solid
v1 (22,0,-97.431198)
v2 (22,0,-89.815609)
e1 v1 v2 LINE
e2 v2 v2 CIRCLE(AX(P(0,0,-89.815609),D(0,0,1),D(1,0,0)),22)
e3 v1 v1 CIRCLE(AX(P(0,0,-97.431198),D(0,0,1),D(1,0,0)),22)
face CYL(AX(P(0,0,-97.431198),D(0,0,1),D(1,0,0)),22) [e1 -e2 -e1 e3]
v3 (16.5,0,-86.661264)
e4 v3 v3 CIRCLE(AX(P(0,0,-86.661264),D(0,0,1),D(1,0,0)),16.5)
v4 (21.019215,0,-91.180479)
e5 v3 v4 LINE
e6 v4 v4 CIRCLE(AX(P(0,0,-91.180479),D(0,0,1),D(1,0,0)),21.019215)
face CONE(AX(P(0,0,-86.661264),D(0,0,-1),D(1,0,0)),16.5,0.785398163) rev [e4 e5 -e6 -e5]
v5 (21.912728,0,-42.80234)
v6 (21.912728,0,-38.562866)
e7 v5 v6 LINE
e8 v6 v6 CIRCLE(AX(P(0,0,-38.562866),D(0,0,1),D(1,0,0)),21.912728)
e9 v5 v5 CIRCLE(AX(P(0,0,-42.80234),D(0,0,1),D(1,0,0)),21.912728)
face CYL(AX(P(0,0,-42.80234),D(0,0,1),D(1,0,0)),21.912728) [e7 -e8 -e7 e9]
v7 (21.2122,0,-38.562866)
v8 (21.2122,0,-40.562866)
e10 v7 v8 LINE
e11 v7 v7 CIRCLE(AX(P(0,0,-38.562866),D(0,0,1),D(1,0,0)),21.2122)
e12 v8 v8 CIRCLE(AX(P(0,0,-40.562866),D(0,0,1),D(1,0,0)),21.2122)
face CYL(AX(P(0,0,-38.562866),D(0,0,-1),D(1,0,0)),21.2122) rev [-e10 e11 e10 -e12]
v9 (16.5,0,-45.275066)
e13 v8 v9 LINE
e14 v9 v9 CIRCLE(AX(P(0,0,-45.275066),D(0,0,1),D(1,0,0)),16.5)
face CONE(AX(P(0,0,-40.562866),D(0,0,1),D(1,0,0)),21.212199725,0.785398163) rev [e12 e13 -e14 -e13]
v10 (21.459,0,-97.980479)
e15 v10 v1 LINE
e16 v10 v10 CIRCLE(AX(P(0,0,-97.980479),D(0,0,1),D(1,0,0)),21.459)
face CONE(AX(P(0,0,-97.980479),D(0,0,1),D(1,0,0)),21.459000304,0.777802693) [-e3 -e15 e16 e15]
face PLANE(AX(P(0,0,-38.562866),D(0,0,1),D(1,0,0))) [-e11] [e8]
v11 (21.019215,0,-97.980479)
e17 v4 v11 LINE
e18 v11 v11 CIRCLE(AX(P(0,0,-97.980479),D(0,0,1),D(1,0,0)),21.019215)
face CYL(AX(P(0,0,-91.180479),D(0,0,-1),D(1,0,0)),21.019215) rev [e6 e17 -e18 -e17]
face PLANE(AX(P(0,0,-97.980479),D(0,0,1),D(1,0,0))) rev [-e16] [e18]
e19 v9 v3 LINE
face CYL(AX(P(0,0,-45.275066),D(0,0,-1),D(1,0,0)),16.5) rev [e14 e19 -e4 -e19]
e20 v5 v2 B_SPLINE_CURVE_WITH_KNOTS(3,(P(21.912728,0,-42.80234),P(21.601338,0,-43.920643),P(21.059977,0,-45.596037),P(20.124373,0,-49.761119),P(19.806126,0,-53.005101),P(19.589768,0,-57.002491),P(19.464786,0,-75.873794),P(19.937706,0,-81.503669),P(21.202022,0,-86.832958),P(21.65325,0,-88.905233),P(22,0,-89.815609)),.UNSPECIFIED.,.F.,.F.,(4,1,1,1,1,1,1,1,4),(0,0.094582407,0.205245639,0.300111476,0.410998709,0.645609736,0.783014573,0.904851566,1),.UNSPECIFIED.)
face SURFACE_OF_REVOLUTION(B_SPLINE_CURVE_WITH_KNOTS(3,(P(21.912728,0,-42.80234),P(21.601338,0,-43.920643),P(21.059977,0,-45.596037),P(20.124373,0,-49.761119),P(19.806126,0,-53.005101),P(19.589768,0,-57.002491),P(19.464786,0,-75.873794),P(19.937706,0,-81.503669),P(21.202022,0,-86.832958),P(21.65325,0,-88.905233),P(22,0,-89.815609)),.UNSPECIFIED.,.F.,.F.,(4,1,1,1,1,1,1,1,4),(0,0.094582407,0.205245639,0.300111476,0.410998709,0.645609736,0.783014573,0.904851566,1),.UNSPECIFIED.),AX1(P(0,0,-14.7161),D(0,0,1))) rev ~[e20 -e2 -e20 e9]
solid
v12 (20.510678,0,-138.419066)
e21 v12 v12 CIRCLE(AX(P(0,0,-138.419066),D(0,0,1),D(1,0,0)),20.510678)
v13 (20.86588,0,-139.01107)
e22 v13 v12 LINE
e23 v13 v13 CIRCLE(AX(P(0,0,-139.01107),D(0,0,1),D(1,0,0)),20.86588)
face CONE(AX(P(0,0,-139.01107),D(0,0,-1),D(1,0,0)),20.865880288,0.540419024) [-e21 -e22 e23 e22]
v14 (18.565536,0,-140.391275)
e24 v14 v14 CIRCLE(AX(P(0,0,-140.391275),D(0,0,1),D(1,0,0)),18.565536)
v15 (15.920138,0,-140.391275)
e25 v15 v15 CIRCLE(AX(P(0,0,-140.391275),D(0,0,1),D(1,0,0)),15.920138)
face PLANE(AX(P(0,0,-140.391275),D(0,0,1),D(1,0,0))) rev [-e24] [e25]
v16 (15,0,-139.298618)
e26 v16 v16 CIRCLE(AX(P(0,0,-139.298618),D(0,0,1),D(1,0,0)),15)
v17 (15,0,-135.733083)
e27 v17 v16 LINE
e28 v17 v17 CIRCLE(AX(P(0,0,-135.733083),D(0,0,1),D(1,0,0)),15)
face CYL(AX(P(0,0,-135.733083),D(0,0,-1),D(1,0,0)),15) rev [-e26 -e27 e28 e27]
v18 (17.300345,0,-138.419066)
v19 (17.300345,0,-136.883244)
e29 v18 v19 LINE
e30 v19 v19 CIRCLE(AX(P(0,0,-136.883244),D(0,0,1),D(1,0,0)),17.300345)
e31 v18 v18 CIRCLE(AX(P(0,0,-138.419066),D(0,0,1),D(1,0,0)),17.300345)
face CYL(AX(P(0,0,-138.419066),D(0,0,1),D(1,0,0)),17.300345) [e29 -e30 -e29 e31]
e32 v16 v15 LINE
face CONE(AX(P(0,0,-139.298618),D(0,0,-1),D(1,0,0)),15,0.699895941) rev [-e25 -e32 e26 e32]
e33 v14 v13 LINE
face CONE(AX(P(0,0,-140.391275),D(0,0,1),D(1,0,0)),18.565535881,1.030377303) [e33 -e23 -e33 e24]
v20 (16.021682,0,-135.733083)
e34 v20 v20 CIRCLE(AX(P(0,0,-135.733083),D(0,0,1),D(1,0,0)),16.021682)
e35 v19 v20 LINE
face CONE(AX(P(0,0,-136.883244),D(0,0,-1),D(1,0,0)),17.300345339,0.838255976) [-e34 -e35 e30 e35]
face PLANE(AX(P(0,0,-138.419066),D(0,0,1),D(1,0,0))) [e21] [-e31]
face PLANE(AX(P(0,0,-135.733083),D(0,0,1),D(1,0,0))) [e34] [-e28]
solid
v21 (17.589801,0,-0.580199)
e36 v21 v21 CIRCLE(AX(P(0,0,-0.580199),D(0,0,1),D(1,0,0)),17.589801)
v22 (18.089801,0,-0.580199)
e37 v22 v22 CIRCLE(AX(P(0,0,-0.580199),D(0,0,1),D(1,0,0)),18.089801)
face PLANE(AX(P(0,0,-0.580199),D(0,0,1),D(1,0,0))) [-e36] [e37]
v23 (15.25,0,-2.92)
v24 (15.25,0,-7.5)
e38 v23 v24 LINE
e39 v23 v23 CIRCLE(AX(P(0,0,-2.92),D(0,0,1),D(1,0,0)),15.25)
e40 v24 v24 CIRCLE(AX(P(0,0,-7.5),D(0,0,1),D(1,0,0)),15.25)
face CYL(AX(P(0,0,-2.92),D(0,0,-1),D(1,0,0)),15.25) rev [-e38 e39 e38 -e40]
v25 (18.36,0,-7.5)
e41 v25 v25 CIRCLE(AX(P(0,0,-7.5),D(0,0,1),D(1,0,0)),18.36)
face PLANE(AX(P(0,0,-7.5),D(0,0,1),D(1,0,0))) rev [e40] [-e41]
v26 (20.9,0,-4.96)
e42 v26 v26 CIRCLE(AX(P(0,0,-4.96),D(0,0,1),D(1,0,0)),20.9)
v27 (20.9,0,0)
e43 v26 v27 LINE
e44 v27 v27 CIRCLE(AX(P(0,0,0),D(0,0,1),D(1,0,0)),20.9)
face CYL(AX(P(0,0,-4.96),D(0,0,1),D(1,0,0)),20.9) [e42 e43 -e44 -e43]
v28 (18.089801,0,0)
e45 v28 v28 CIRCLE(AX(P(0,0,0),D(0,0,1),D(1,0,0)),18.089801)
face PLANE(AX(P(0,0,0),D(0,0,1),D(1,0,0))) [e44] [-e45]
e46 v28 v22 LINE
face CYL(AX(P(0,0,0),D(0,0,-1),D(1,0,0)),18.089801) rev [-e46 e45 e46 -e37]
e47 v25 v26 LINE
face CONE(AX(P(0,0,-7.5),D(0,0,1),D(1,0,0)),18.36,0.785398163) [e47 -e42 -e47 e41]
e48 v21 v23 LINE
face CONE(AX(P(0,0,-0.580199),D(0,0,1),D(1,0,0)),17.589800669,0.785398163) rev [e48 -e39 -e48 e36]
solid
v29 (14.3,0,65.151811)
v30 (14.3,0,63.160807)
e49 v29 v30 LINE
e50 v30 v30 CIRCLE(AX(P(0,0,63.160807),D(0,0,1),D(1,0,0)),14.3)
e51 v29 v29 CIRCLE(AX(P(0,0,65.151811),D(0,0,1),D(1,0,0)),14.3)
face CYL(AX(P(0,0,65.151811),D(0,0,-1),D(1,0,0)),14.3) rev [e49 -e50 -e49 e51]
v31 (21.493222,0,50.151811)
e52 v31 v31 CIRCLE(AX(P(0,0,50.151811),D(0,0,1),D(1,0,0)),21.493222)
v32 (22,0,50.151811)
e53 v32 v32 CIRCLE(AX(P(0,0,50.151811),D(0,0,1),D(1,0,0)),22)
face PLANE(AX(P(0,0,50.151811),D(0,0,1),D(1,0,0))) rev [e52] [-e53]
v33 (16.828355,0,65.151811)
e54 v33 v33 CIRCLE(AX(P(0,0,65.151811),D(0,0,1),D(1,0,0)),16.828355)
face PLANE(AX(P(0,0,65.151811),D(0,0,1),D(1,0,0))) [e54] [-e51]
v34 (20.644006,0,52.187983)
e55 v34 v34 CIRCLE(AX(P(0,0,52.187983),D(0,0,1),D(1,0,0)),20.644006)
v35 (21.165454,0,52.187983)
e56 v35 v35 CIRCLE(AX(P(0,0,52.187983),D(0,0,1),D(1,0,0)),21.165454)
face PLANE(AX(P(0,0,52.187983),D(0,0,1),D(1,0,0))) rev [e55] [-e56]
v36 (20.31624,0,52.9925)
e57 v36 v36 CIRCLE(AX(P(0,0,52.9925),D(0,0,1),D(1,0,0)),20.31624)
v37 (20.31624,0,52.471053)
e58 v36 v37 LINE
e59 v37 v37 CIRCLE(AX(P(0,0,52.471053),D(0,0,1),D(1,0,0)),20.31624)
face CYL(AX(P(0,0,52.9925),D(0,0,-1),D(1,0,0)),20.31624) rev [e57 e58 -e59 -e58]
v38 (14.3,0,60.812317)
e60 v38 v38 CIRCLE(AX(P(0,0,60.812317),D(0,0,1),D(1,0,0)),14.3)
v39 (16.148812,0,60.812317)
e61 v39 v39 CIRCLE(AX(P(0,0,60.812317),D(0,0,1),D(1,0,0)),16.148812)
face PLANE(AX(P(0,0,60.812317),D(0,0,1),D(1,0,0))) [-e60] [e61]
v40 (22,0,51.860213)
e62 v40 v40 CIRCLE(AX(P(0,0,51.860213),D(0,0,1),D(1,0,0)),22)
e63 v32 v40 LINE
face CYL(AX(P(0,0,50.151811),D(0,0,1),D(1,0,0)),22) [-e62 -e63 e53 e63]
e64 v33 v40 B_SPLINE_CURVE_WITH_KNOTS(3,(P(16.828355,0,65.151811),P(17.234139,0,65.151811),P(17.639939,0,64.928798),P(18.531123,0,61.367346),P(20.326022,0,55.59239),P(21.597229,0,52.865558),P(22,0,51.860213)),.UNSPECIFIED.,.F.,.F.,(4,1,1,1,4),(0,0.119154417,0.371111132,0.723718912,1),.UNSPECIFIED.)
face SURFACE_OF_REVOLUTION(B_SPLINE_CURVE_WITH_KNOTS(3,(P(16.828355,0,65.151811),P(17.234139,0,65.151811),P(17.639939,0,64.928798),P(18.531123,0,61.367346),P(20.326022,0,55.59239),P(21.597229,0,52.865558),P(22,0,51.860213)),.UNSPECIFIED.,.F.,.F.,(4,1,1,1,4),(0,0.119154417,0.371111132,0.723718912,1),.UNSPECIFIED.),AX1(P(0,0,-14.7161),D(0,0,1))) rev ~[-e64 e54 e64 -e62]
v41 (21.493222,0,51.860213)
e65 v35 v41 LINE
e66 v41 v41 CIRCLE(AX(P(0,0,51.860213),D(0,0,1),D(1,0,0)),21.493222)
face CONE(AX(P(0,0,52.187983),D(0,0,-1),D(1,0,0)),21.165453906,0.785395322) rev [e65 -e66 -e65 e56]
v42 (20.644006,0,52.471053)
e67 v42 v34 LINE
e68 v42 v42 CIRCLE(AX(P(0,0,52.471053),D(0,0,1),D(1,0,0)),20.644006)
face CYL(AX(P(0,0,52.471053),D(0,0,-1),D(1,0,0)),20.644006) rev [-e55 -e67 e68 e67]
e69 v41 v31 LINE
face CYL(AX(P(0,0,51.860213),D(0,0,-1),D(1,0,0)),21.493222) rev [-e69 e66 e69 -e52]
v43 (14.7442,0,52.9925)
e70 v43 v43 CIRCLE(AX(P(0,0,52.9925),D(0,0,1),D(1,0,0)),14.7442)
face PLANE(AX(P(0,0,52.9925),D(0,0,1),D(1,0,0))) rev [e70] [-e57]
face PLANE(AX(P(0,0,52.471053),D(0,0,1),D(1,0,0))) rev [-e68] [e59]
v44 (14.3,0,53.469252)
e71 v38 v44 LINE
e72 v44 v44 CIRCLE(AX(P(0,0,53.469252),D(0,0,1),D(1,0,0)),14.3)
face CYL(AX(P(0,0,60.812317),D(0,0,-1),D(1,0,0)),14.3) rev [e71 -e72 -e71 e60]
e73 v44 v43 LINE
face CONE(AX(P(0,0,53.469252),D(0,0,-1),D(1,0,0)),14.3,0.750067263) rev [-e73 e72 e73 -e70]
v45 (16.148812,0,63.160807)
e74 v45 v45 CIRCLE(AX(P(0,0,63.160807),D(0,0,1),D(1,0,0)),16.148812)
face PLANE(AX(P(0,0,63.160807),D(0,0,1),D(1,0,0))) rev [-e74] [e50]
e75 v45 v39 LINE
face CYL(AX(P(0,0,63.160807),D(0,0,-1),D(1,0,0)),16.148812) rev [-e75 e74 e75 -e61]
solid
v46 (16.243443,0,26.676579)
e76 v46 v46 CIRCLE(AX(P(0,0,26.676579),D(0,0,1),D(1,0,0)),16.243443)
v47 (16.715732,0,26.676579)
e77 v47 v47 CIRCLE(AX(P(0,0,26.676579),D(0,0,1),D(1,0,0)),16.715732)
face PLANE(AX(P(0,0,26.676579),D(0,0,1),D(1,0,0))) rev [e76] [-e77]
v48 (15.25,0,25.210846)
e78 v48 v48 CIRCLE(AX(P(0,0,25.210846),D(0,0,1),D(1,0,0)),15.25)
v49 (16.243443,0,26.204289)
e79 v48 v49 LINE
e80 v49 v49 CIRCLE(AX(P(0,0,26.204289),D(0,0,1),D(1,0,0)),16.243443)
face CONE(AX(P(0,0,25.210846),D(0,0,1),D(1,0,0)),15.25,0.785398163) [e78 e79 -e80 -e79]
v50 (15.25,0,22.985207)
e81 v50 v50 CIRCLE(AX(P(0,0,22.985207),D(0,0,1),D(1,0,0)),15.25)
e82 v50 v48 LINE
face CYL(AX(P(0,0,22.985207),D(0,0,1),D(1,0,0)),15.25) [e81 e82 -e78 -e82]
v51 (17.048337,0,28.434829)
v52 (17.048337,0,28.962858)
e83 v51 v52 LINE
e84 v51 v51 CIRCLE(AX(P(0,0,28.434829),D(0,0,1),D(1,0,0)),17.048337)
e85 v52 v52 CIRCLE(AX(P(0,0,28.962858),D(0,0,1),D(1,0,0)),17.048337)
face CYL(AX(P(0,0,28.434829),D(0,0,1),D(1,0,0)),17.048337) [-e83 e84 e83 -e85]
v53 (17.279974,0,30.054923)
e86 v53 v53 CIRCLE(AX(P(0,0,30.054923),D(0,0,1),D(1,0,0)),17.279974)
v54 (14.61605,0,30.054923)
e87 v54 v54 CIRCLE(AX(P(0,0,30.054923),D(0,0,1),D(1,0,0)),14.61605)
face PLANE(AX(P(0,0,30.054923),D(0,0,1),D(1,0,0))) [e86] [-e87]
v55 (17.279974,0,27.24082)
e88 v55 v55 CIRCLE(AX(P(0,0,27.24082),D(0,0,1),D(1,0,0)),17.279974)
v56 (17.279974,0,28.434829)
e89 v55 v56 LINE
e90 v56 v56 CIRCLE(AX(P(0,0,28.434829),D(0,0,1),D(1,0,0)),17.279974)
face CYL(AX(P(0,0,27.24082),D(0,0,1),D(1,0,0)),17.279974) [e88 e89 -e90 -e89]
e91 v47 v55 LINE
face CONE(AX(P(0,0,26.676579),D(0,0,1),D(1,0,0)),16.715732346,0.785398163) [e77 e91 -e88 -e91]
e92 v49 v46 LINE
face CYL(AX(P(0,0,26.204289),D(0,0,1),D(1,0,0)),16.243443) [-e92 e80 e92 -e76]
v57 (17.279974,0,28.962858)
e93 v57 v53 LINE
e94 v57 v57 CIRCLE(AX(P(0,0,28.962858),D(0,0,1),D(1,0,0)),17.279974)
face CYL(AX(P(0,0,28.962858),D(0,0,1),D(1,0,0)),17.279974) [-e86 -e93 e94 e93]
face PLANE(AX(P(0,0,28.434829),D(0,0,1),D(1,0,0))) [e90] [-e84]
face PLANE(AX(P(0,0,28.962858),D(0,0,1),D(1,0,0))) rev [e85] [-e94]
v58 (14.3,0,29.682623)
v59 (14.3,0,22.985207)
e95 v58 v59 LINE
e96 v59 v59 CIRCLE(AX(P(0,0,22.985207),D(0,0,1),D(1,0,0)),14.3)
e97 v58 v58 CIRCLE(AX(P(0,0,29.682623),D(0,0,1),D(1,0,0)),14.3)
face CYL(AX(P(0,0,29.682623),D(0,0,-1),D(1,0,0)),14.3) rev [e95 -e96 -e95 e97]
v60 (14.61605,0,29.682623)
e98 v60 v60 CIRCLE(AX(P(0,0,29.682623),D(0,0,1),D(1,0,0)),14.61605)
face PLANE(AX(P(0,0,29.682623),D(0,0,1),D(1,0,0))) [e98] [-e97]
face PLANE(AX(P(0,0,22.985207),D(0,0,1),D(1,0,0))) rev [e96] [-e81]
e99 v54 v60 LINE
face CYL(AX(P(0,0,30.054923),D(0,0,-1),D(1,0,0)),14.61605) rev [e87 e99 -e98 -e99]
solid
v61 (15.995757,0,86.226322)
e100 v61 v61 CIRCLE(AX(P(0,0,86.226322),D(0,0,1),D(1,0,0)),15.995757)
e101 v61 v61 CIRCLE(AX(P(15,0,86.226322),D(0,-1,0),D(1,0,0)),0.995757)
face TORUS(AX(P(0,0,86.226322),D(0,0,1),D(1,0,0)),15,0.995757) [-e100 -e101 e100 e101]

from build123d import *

# Parameters (mm, degrees)
F0_R = 0.9957566989


with BuildPart() as f1:
    # F0 (on Front) → F1 (revolve)
    with BuildSketch(Plane.XZ):
        with BuildLine():
            Line((16.8283554569, 65.1518106461), (14.3, 65.1518106461))
            Line((14.3, 65.1518106461), (14.3, 63.1608068943))
            Line((14.3, 63.1608068943), (16.148812215, 63.1608068943))
            Line((16.148812215, 63.1608068943), (16.148812215, 60.8123168349))
            Line((16.148812215, 60.8123168349), (14.3, 60.8123168349))
            Line((14.3, 60.8123168349), (14.3, 53.4692518413))
            Line((14.3, 53.4692518413), (14.7441998899, 52.9925003648))
            Line((14.7441998899, 52.9925003648), (20.3162404552, 52.9925003648))
            Line((20.3162404552, 52.9925003648), (20.3162404552, 52.4710528553))
            Line((20.3162404552, 52.4710528553), (20.6440063968, 52.4710528553))
            Line((20.6440063968, 52.4710528553), (20.6440063968, 52.1879829466))
            Line((20.6440063968, 52.1879829466), (21.1654539064, 52.1879829466))
            Line((21.1654539064, 52.1879829466), (21.4932217106, 51.8602132797))
            Line((21.4932217106, 51.8602132797), (21.4932217106, 50.1518106461))
            Line((21.4932217106, 50.1518106461), (22, 50.1518106461))
            Line((22, 50.1518106461), (22, 51.8602132797))
            add(Edge.make_bspline(
                [(16.8283554569, 65.1518106461), (17.23413938, 65.1518106461), (17.6399390241, 64.9287983501), (18.5311226871, 61.3673458397), (20.326021794, 55.5923897207), (21.5972293977, 52.8655577498), (22, 51.8602132797)],
                knots=[0, 0, 0, 0, 0.119154417, 0.3711111319, 0.7237189122, 1, 1, 1, 1], degree=3))
        make_face()
    revolve(axis=Axis((0, 0, -14.7160999477), (0, 0, 1)))


with BuildPart() as f1b:
    # F0 (on Front) → F1, piece 2 (revolve)
    with BuildSketch(Plane.XZ):
        Polygon((14.6160499935, 29.6826232225), (14.3, 29.6826232225), (14.3, 22.9852069169), (15.25, 22.9852069169), (15.25, 25.2108462155), (16.2434427787, 26.2042889941), (16.2434427787, 26.6765785616), (16.7157323461, 26.6765785616), (17.2799736336, 27.2408198491), (17.2799736336, 28.4348294064), (17.0483365413, 28.4348294064), (17.0483365413, 28.9628576413), (17.2799736336, 28.9628576413), (17.2799736336, 30.054923147), (14.6160499935, 30.054923147), align=None)
    revolve(axis=Axis((0, 0, -14.7160999477), (0, 0, 1)))


with BuildPart() as f1c:
    # F0 (on Front) → F1, piece 3 (revolve)
    with BuildSketch(Plane.XZ):
        Polygon((15.25, -2.92), (15.25, -7.5), (18.36, -7.5), (20.9, -4.96), (20.9, 0), (18.0898006689, 0), (18.0898006689, -0.5801993311), (17.5898006689, -0.5801993311), align=None)
    revolve(axis=Axis((0, 0, -14.7160999477), (0, 0, 1)))


with BuildPart() as f1d:
    # F0 (on Front) → F1, piece 4 (revolve)
    with BuildSketch(Plane.XZ):
        with BuildLine():
            Line((21.9127276242, -38.5628663231), (21.2121997248, -38.5628663231))
            Line((21.2121997248, -38.5628663231), (21.2121997248, -40.5628663231))
            Line((21.2121997248, -40.5628663231), (16.5, -45.2750660479))
            Line((16.5, -45.2750660479), (16.5, -86.6612643003))
            Line((16.5, -86.6612643003), (21.0192145121, -91.1804788124))
            Line((21.0192145121, -91.1804788124), (21.0192145121, -97.9804788124))
            Line((21.0192145121, -97.9804788124), (21.4590003043, -97.9804788124))
            Line((21.4590003043, -97.9804788124), (22, -97.4311977625))
            Line((22, -97.4311977625), (22, -89.8156091571))
            add(Edge.make_bspline(
                [(21.9127276242, -42.802339815), (21.6013378236, -43.9206426087), (21.059977316, -45.5960371829), (20.1243729921, -49.761119442), (19.8061256689, -53.0051011772), (19.5897681928, -57.002491067), (19.4647856535, -75.873793986), (19.937706313, -81.5036687054), (21.202021668, -86.8329582231), (21.6532495275, -88.9052331424), (22, -89.8156091571)],
                knots=[0, 0, 0, 0, 0.0945824073, 0.2052456391, 0.3001114757, 0.410998709, 0.6456097364, 0.783014573, 0.9048515658, 1, 1, 1, 1], degree=3))
            Line((21.9127276242, -42.802339815), (21.9127276242, -38.5628663231))
        make_face()
    revolve(axis=Axis((0, 0, -14.7160999477), (0, 0, 1)))


with BuildPart() as f1e:
    # F0 (on Front) → F1, piece 5 (revolve)
    with BuildSketch(Plane.XZ):
        Polygon((16.0216822848, -135.7330828905), (15, -135.7330828905), (15, -139.2986178398), (15.9201383218, -140.3912752867), (18.5655358806, -140.3912752867), (20.8658802882, -139.0110701323), (20.5106784214, -138.4190663818), (17.3003453389, -138.4190663818), (17.3003453389, -136.8832439184), align=None)
    revolve(axis=Axis((0, 0, -14.7160999477), (0, 0, 1)))


with BuildPart() as f1f:
    # F0 (on Front) → F1, piece 6 (revolve)
    with BuildSketch(Plane.XZ):
        with Locations((15, 86.2263217568)):
            Circle(F0_R)
    revolve(axis=Axis((0, 0, -14.7160999477), (0, 0, 1)))


solid = Compound([f1.part, f1b.part, f1c.part, f1d.part, f1e.part, f1f.part])
